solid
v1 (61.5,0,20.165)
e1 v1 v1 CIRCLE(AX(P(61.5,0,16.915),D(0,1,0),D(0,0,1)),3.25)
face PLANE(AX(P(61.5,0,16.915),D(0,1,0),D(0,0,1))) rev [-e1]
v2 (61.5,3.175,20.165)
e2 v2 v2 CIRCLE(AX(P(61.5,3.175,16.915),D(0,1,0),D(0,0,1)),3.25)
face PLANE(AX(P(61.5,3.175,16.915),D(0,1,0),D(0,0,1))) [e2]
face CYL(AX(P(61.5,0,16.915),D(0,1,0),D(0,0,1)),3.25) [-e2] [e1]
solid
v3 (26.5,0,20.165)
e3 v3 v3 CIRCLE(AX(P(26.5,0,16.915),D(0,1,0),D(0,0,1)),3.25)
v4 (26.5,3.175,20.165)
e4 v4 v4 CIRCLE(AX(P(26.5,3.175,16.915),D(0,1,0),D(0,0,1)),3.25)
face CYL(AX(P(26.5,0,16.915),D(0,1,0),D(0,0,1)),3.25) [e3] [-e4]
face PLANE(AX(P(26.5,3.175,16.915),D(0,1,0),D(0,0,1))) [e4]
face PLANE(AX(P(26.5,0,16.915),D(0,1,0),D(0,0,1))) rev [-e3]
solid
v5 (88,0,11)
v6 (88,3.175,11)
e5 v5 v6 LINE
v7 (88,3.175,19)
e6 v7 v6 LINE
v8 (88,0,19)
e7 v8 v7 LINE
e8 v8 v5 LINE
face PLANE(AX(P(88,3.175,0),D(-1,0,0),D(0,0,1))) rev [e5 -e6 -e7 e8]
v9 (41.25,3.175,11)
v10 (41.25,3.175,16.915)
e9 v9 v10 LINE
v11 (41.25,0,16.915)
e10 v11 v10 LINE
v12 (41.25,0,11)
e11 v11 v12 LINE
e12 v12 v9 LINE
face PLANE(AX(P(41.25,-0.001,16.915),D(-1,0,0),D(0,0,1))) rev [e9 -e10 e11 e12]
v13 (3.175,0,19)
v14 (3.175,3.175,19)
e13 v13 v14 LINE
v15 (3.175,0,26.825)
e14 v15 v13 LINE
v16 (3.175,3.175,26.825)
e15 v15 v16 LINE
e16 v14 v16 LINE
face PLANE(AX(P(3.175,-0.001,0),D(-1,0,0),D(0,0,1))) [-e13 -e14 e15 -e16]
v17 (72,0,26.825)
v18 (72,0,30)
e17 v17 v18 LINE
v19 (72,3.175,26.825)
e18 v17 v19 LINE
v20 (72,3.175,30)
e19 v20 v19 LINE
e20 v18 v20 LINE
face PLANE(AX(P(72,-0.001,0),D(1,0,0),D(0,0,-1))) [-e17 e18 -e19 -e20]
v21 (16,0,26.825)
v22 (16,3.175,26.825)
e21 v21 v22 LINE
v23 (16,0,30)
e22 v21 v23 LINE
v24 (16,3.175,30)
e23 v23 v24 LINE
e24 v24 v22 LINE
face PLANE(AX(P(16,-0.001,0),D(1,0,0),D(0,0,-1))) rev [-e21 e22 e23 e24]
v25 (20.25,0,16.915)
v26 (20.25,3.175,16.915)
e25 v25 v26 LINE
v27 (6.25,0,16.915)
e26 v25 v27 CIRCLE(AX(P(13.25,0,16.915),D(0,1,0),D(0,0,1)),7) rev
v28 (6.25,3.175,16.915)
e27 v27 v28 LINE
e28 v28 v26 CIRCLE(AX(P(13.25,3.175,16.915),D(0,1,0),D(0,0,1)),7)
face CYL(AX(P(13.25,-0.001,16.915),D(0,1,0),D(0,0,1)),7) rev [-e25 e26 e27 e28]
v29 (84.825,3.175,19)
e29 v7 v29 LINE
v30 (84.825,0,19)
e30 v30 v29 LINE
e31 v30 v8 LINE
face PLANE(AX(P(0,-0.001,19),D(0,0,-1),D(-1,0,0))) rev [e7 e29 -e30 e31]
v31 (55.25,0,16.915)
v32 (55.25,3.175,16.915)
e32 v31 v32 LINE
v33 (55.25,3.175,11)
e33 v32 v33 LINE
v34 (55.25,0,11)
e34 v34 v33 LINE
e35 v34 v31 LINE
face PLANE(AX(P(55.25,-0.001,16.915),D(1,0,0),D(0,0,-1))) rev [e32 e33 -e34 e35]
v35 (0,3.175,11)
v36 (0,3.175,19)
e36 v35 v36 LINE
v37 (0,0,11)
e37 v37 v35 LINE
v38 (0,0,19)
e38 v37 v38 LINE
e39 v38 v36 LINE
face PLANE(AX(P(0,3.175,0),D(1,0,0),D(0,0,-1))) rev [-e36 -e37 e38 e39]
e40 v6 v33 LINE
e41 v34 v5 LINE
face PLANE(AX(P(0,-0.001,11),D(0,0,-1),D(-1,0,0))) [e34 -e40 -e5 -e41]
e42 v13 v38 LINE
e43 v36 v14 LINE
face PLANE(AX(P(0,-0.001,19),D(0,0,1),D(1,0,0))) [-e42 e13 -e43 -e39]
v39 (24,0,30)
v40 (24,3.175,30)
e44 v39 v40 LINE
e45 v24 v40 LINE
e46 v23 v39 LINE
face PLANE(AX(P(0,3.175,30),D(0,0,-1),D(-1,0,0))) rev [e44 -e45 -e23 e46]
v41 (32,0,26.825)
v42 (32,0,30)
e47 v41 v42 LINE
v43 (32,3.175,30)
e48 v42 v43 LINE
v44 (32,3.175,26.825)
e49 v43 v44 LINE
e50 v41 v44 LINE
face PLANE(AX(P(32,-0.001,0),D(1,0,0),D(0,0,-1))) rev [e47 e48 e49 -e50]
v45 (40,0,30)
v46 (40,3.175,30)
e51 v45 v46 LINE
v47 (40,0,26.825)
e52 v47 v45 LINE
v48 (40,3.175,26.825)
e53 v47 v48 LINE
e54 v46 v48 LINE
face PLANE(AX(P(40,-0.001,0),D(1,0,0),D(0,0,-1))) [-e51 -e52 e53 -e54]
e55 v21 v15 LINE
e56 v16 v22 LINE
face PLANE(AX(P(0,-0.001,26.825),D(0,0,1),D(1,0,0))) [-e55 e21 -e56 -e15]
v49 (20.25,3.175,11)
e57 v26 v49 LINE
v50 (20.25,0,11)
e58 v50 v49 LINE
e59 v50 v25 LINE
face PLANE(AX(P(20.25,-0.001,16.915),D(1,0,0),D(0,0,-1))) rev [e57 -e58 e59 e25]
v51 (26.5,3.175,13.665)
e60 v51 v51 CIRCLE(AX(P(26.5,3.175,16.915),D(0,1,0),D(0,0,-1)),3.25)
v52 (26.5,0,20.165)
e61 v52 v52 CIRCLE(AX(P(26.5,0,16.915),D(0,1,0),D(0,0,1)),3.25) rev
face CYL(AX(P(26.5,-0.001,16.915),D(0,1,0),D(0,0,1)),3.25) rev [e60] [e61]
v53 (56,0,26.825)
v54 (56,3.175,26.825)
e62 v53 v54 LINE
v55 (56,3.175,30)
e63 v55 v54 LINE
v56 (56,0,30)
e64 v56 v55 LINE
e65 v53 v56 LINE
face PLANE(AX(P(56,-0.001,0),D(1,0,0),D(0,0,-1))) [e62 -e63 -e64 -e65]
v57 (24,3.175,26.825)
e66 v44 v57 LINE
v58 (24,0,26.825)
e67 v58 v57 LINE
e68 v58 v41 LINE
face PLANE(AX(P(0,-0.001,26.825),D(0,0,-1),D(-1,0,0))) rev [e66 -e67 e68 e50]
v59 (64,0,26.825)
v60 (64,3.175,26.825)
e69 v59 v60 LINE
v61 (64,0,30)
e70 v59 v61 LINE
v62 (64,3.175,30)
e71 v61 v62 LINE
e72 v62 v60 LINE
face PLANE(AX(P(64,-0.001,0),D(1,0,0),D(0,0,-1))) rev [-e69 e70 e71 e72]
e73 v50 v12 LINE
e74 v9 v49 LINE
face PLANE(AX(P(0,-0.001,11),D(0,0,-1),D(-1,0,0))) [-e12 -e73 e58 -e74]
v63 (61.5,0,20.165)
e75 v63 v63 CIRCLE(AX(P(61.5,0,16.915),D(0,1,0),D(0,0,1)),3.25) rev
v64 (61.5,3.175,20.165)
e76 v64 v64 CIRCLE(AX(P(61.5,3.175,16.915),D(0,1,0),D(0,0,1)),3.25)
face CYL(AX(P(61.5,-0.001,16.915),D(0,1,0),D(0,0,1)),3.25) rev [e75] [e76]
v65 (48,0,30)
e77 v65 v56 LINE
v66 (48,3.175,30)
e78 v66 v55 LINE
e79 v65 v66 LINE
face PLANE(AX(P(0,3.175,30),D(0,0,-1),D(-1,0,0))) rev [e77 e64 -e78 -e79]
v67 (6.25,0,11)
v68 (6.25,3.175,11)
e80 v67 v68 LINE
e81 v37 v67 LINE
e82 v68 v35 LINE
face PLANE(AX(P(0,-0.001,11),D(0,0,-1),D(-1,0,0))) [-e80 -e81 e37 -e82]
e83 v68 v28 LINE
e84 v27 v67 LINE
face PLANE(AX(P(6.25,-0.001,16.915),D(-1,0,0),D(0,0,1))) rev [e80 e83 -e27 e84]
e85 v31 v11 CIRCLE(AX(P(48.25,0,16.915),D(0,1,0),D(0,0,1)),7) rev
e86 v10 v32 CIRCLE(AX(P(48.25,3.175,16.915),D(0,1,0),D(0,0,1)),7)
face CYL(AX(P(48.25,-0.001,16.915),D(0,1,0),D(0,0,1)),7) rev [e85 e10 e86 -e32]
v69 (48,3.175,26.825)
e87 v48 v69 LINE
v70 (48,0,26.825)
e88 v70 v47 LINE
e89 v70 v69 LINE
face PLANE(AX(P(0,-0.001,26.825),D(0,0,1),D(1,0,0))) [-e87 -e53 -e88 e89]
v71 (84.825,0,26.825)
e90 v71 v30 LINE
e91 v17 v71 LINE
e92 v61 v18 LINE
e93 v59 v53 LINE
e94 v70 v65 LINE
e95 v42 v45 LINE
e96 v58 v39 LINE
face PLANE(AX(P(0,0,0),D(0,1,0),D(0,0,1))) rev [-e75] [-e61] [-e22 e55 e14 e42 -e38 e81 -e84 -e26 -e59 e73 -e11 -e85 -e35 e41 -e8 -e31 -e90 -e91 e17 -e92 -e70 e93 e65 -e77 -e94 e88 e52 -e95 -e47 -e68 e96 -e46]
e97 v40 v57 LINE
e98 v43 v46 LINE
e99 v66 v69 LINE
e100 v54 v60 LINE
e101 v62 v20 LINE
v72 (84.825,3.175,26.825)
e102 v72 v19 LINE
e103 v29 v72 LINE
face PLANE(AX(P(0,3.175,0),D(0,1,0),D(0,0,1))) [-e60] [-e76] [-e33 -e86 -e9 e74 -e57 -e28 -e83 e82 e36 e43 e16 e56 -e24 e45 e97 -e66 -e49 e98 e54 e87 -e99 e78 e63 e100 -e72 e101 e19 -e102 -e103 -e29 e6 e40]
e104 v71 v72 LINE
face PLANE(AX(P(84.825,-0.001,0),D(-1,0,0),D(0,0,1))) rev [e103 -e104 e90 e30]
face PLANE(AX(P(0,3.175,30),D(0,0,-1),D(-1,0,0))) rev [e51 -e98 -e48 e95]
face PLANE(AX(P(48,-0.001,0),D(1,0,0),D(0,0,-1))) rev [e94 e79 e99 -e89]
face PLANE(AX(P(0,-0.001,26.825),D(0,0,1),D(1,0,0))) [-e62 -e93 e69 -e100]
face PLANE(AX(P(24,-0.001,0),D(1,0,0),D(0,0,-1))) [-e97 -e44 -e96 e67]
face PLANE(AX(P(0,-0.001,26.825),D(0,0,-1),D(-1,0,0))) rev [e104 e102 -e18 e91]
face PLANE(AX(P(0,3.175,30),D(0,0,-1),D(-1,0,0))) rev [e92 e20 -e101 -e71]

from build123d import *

# Parameters (mm, degrees)
SKETCH3_W             = 88
SKETCH3_H             = 30
BOSS_EXTRUDE1_DEPTH   = 3.175
CUT_EXTRUDE1_REACH    = 5.175
SKETCH4_W             = 3.175
SKETCH4_H             = 7.825
SKETCH4_W_2           = 8
SKETCH4_H_2           = 3.175
SKETCH4_H_3           = 11
CUT_EXTRUDE2_REACH    = 5.175
SKETCH5_R             = 3.25
CUT_EXTRUDE3_REACH    = 5.175
SKETCH6_W             = 81.65
SKETCH6_H             = 11
CUT_EXTRUDE4_REACH    = 5.175
SKETCH8_R             = 3.25
BOSS_EXTRUDE2_DEPTH   = 3.175
BOSS_EXTRUDE2_2_DEPTH = 3.175


with BuildPart() as part:
    # Sketch3 → Boss-Extrude1 (new body)
    with BuildSketch(Plane(origin=(0, 0, 0), x_dir=(1, 0, 0), z_dir=(0, 1, 0))):
        with Locations((44, -15)):
            Rectangle(SKETCH3_W, SKETCH3_H)
    extrude(amount=BOSS_EXTRUDE1_DEPTH)

    # Sketch4 → Cut-Extrude1 (cut, up to next)
    with BuildSketch(Plane(origin=(0, 3.175, 0), x_dir=(1, 0, 0), z_dir=(0, 1, 0)), mode=Mode.PRIVATE) as cut_extrude1_sk1:
        with Locations((1.5875, -22.9125)):
            Rectangle(SKETCH4_W, SKETCH4_H)
    cut_extrude1_tool1 = extrude(cut_extrude1_sk1.sketch, amount=-CUT_EXTRUDE1_REACH, mode=Mode.PRIVATE) & part.part
    add(cut_extrude1_tool1.solids().sort_by_distance((1.5875, 3.175, 22.9125))[0], mode=Mode.SUBTRACT)
    # Sketch4 → Cut-Extrude1 (cut, up to next)
    with BuildSketch(Plane(origin=(0, 3.175, 0), x_dir=(1, 0, 0), z_dir=(0, 1, 0)), mode=Mode.PRIVATE) as cut_extrude1_sk2:
        Polygon((0, -30), (16, -30), (16, -26.825), (3.175, -26.825), (0, -26.825), align=None)
    cut_extrude1_tool2 = extrude(cut_extrude1_sk2.sketch, amount=-CUT_EXTRUDE1_REACH, mode=Mode.PRIVATE) & part.part
    add(cut_extrude1_tool2.solids().sort_by_distance((8, 3.175, 28.4125))[0], mode=Mode.SUBTRACT)
    # Sketch4 → Cut-Extrude1 (cut, up to next)
    with BuildSketch(Plane(origin=(0, 3.175, 0), x_dir=(1, 0, 0), z_dir=(0, 1, 0)), mode=Mode.PRIVATE) as cut_extrude1_sk3:
        with Locations((28, -28.4125)):
            Rectangle(SKETCH4_W_2, SKETCH4_H_2)
    cut_extrude1_tool3 = extrude(cut_extrude1_sk3.sketch, amount=-CUT_EXTRUDE1_REACH, mode=Mode.PRIVATE) & part.part
    add(cut_extrude1_tool3.solids().sort_by_distance((28, 3.175, 28.4125))[0], mode=Mode.SUBTRACT)
    # Sketch4 → Cut-Extrude1 (cut, up to next)
    with BuildSketch(Plane(origin=(0, 3.175, 0), x_dir=(1, 0, 0), z_dir=(0, 1, 0)), mode=Mode.PRIVATE) as cut_extrude1_sk4:
        with Locations((44, -28.4125)):
            Rectangle(SKETCH4_W_2, SKETCH4_H_2)
    cut_extrude1_tool4 = extrude(cut_extrude1_sk4.sketch, amount=-CUT_EXTRUDE1_REACH, mode=Mode.PRIVATE) & part.part
    add(cut_extrude1_tool4.solids().sort_by_distance((44, 3.175, 28.4125))[0], mode=Mode.SUBTRACT)
    # Sketch4 → Cut-Extrude1 (cut, up to next)
    with BuildSketch(Plane(origin=(0, 3.175, 0), x_dir=(1, 0, 0), z_dir=(0, 1, 0)), mode=Mode.PRIVATE) as cut_extrude1_sk5:
        with Locations((60, -28.4125)):
            Rectangle(SKETCH4_W_2, SKETCH4_H_2)
    cut_extrude1_tool5 = extrude(cut_extrude1_sk5.sketch, amount=-CUT_EXTRUDE1_REACH, mode=Mode.PRIVATE) & part.part
    add(cut_extrude1_tool5.solids().sort_by_distance((60, 3.175, 28.4125))[0], mode=Mode.SUBTRACT)
    # Sketch4 → Cut-Extrude1 (cut, up to next)
    with BuildSketch(Plane(origin=(0, 3.175, 0), x_dir=(1, 0, 0), z_dir=(0, 1, 0)), mode=Mode.PRIVATE) as cut_extrude1_sk6:
        with Locations((86.4125, -22.9125)):
            Rectangle(SKETCH4_W, SKETCH4_H)
    cut_extrude1_tool6 = extrude(cut_extrude1_sk6.sketch, amount=-CUT_EXTRUDE1_REACH, mode=Mode.PRIVATE) & part.part
    add(cut_extrude1_tool6.solids().sort_by_distance((86.4125, 3.175, 22.9125))[0], mode=Mode.SUBTRACT)
    # Sketch4 → Cut-Extrude1 (cut, up to next)
    with BuildSketch(Plane(origin=(0, 3.175, 0), x_dir=(1, 0, 0), z_dir=(0, 1, 0)), mode=Mode.PRIVATE) as cut_extrude1_sk7:
        with Locations((86.4125, -5.5)):
            Rectangle(SKETCH4_W, SKETCH4_H_3)
    cut_extrude1_tool7 = extrude(cut_extrude1_sk7.sketch, amount=-CUT_EXTRUDE1_REACH, mode=Mode.PRIVATE) & part.part
    add(cut_extrude1_tool7.solids().sort_by_distance((86.4125, 3.175, 5.5))[0], mode=Mode.SUBTRACT)
    # Sketch4 → Cut-Extrude1 (cut, up to next)
    with BuildSketch(Plane(origin=(0, 3.175, 0), x_dir=(1, 0, 0), z_dir=(0, 1, 0)), mode=Mode.PRIVATE) as cut_extrude1_sk8:
        Polygon((72, -26.825), (72, -30), (88, -30), (88, -26.825), (84.825, -26.825), align=None)
    cut_extrude1_tool8 = extrude(cut_extrude1_sk8.sketch, amount=-CUT_EXTRUDE1_REACH, mode=Mode.PRIVATE) & part.part
    add(cut_extrude1_tool8.solids().sort_by_distance((80, 3.175, 28.4125))[0], mode=Mode.SUBTRACT)
    # Sketch4 → Cut-Extrude1 (cut, up to next)
    with BuildSketch(Plane(origin=(0, 3.175, 0), x_dir=(1, 0, 0), z_dir=(0, 1, 0)), mode=Mode.PRIVATE) as cut_extrude1_sk9:
        with Locations((1.5875, -5.5)):
            Rectangle(SKETCH4_W, SKETCH4_H_3)
    cut_extrude1_tool9 = extrude(cut_extrude1_sk9.sketch, amount=-CUT_EXTRUDE1_REACH, mode=Mode.PRIVATE) & part.part
    add(cut_extrude1_tool9.solids().sort_by_distance((1.5875, 3.175, 5.5))[0], mode=Mode.SUBTRACT)

    # Sketch5 → Cut-Extrude2 (cut, up to next)
    with BuildSketch(Plane(origin=(0, 3.175, 0), x_dir=(1, 0, 0), z_dir=(0, 1, 0)), mode=Mode.PRIVATE) as cut_extrude2_sk1:
        with Locations((61.5, -16.915)):
            Circle(SKETCH5_R)
    cut_extrude2_tool1 = extrude(cut_extrude2_sk1.sketch, amount=-CUT_EXTRUDE2_REACH, mode=Mode.PRIVATE) & part.part
    add(cut_extrude2_tool1.solids().sort_by_distance((61.5, 3.175, 16.915))[0], mode=Mode.SUBTRACT)
    # Sketch5 → Cut-Extrude2 (cut, up to next)
    with BuildSketch(Plane(origin=(0, 3.175, 0), x_dir=(1, 0, 0), z_dir=(0, 1, 0)), mode=Mode.PRIVATE) as cut_extrude2_sk2:
        with Locations((26.5, -16.915)):
            Circle(SKETCH5_R)
    cut_extrude2_tool2 = extrude(cut_extrude2_sk2.sketch, amount=-CUT_EXTRUDE2_REACH, mode=Mode.PRIVATE) & part.part
    add(cut_extrude2_tool2.solids().sort_by_distance((26.5, 3.175, 16.915))[0], mode=Mode.SUBTRACT)

    # Sketch6 → Cut-Extrude3 (cut, up to next)
    with BuildSketch(Plane(origin=(0, 3.175, 0), x_dir=(1, 0, 0), z_dir=(0, 1, 0)), mode=Mode.PRIVATE) as cut_extrude3_sk1:
        with Locations((44, -5.5)):
            Rectangle(SKETCH6_W, SKETCH6_H)
    cut_extrude3_tool1 = extrude(cut_extrude3_sk1.sketch, amount=-CUT_EXTRUDE3_REACH, mode=Mode.PRIVATE) & part.part
    add(cut_extrude3_tool1.solids().sort_by_distance((44, 3.175, 5.5))[0], mode=Mode.SUBTRACT)

    # Sketch7 → Cut-Extrude4 (cut, up to next)
    with BuildSketch(Plane(origin=(0, 3.175, 0), x_dir=(1, 0, 0), z_dir=(0, 1, 0)), mode=Mode.PRIVATE) as cut_extrude4_sk1:
        with BuildLine():
            Line((6.25, -16.915), (6.25, -11))
            Line((6.25, -11), (20.25, -11))
            Line((20.25, -11), (20.25, -16.915))
            ThreePointArc((20.25, -16.915), (13.25, -23.915), (6.25, -16.915))
        make_face()
    cut_extrude4_tool1 = extrude(cut_extrude4_sk1.sketch, amount=-CUT_EXTRUDE4_REACH, mode=Mode.PRIVATE) & part.part
    add(cut_extrude4_tool1.solids().sort_by_distance((13.25, 3.175, 16.813335))[0], mode=Mode.SUBTRACT)
    # Sketch7 → Cut-Extrude4 (cut, up to next)
    with BuildSketch(Plane(origin=(0, 3.175, 0), x_dir=(1, 0, 0), z_dir=(0, 1, 0)), mode=Mode.PRIVATE) as cut_extrude4_sk2:
        with BuildLine():
            Line((41.25, -16.915), (41.25, -11))
            Line((41.25, -11), (55.25, -11))
            Line((55.25, -11), (55.25, -16.915))
            ThreePointArc((55.25, -16.915), (48.25, -23.915), (41.25, -16.915))
        make_face()
    cut_extrude4_tool2 = extrude(cut_extrude4_sk2.sketch, amount=-CUT_EXTRUDE4_REACH, mode=Mode.PRIVATE) & part.part
    add(cut_extrude4_tool2.solids().sort_by_distance((48.25, 3.175, 16.813335))[0], mode=Mode.SUBTRACT)


with BuildPart() as body_2:
    # Sketch8 → Boss-Extrude2 (new body)
    with BuildSketch(Plane(origin=(0, 3.175, 0), x_dir=(1, 0, 0), z_dir=(0, 1, 0))):
        with Locations((26.5, -16.915)):
            Circle(SKETCH8_R)
    extrude(amount=-BOSS_EXTRUDE2_DEPTH)


with BuildPart() as body_3:
    # Sketch8 → Boss-Extrude2 2 (new body)
    with BuildSketch(Plane(origin=(0, 3.175, 0), x_dir=(1, 0, 0), z_dir=(0, 1, 0))):
        with Locations((61.5, -16.915)):
            Circle(SKETCH8_R)
    extrude(amount=-BOSS_EXTRUDE2_2_DEPTH)


solid = Compound([part.part, body_2.part, body_3.part])
